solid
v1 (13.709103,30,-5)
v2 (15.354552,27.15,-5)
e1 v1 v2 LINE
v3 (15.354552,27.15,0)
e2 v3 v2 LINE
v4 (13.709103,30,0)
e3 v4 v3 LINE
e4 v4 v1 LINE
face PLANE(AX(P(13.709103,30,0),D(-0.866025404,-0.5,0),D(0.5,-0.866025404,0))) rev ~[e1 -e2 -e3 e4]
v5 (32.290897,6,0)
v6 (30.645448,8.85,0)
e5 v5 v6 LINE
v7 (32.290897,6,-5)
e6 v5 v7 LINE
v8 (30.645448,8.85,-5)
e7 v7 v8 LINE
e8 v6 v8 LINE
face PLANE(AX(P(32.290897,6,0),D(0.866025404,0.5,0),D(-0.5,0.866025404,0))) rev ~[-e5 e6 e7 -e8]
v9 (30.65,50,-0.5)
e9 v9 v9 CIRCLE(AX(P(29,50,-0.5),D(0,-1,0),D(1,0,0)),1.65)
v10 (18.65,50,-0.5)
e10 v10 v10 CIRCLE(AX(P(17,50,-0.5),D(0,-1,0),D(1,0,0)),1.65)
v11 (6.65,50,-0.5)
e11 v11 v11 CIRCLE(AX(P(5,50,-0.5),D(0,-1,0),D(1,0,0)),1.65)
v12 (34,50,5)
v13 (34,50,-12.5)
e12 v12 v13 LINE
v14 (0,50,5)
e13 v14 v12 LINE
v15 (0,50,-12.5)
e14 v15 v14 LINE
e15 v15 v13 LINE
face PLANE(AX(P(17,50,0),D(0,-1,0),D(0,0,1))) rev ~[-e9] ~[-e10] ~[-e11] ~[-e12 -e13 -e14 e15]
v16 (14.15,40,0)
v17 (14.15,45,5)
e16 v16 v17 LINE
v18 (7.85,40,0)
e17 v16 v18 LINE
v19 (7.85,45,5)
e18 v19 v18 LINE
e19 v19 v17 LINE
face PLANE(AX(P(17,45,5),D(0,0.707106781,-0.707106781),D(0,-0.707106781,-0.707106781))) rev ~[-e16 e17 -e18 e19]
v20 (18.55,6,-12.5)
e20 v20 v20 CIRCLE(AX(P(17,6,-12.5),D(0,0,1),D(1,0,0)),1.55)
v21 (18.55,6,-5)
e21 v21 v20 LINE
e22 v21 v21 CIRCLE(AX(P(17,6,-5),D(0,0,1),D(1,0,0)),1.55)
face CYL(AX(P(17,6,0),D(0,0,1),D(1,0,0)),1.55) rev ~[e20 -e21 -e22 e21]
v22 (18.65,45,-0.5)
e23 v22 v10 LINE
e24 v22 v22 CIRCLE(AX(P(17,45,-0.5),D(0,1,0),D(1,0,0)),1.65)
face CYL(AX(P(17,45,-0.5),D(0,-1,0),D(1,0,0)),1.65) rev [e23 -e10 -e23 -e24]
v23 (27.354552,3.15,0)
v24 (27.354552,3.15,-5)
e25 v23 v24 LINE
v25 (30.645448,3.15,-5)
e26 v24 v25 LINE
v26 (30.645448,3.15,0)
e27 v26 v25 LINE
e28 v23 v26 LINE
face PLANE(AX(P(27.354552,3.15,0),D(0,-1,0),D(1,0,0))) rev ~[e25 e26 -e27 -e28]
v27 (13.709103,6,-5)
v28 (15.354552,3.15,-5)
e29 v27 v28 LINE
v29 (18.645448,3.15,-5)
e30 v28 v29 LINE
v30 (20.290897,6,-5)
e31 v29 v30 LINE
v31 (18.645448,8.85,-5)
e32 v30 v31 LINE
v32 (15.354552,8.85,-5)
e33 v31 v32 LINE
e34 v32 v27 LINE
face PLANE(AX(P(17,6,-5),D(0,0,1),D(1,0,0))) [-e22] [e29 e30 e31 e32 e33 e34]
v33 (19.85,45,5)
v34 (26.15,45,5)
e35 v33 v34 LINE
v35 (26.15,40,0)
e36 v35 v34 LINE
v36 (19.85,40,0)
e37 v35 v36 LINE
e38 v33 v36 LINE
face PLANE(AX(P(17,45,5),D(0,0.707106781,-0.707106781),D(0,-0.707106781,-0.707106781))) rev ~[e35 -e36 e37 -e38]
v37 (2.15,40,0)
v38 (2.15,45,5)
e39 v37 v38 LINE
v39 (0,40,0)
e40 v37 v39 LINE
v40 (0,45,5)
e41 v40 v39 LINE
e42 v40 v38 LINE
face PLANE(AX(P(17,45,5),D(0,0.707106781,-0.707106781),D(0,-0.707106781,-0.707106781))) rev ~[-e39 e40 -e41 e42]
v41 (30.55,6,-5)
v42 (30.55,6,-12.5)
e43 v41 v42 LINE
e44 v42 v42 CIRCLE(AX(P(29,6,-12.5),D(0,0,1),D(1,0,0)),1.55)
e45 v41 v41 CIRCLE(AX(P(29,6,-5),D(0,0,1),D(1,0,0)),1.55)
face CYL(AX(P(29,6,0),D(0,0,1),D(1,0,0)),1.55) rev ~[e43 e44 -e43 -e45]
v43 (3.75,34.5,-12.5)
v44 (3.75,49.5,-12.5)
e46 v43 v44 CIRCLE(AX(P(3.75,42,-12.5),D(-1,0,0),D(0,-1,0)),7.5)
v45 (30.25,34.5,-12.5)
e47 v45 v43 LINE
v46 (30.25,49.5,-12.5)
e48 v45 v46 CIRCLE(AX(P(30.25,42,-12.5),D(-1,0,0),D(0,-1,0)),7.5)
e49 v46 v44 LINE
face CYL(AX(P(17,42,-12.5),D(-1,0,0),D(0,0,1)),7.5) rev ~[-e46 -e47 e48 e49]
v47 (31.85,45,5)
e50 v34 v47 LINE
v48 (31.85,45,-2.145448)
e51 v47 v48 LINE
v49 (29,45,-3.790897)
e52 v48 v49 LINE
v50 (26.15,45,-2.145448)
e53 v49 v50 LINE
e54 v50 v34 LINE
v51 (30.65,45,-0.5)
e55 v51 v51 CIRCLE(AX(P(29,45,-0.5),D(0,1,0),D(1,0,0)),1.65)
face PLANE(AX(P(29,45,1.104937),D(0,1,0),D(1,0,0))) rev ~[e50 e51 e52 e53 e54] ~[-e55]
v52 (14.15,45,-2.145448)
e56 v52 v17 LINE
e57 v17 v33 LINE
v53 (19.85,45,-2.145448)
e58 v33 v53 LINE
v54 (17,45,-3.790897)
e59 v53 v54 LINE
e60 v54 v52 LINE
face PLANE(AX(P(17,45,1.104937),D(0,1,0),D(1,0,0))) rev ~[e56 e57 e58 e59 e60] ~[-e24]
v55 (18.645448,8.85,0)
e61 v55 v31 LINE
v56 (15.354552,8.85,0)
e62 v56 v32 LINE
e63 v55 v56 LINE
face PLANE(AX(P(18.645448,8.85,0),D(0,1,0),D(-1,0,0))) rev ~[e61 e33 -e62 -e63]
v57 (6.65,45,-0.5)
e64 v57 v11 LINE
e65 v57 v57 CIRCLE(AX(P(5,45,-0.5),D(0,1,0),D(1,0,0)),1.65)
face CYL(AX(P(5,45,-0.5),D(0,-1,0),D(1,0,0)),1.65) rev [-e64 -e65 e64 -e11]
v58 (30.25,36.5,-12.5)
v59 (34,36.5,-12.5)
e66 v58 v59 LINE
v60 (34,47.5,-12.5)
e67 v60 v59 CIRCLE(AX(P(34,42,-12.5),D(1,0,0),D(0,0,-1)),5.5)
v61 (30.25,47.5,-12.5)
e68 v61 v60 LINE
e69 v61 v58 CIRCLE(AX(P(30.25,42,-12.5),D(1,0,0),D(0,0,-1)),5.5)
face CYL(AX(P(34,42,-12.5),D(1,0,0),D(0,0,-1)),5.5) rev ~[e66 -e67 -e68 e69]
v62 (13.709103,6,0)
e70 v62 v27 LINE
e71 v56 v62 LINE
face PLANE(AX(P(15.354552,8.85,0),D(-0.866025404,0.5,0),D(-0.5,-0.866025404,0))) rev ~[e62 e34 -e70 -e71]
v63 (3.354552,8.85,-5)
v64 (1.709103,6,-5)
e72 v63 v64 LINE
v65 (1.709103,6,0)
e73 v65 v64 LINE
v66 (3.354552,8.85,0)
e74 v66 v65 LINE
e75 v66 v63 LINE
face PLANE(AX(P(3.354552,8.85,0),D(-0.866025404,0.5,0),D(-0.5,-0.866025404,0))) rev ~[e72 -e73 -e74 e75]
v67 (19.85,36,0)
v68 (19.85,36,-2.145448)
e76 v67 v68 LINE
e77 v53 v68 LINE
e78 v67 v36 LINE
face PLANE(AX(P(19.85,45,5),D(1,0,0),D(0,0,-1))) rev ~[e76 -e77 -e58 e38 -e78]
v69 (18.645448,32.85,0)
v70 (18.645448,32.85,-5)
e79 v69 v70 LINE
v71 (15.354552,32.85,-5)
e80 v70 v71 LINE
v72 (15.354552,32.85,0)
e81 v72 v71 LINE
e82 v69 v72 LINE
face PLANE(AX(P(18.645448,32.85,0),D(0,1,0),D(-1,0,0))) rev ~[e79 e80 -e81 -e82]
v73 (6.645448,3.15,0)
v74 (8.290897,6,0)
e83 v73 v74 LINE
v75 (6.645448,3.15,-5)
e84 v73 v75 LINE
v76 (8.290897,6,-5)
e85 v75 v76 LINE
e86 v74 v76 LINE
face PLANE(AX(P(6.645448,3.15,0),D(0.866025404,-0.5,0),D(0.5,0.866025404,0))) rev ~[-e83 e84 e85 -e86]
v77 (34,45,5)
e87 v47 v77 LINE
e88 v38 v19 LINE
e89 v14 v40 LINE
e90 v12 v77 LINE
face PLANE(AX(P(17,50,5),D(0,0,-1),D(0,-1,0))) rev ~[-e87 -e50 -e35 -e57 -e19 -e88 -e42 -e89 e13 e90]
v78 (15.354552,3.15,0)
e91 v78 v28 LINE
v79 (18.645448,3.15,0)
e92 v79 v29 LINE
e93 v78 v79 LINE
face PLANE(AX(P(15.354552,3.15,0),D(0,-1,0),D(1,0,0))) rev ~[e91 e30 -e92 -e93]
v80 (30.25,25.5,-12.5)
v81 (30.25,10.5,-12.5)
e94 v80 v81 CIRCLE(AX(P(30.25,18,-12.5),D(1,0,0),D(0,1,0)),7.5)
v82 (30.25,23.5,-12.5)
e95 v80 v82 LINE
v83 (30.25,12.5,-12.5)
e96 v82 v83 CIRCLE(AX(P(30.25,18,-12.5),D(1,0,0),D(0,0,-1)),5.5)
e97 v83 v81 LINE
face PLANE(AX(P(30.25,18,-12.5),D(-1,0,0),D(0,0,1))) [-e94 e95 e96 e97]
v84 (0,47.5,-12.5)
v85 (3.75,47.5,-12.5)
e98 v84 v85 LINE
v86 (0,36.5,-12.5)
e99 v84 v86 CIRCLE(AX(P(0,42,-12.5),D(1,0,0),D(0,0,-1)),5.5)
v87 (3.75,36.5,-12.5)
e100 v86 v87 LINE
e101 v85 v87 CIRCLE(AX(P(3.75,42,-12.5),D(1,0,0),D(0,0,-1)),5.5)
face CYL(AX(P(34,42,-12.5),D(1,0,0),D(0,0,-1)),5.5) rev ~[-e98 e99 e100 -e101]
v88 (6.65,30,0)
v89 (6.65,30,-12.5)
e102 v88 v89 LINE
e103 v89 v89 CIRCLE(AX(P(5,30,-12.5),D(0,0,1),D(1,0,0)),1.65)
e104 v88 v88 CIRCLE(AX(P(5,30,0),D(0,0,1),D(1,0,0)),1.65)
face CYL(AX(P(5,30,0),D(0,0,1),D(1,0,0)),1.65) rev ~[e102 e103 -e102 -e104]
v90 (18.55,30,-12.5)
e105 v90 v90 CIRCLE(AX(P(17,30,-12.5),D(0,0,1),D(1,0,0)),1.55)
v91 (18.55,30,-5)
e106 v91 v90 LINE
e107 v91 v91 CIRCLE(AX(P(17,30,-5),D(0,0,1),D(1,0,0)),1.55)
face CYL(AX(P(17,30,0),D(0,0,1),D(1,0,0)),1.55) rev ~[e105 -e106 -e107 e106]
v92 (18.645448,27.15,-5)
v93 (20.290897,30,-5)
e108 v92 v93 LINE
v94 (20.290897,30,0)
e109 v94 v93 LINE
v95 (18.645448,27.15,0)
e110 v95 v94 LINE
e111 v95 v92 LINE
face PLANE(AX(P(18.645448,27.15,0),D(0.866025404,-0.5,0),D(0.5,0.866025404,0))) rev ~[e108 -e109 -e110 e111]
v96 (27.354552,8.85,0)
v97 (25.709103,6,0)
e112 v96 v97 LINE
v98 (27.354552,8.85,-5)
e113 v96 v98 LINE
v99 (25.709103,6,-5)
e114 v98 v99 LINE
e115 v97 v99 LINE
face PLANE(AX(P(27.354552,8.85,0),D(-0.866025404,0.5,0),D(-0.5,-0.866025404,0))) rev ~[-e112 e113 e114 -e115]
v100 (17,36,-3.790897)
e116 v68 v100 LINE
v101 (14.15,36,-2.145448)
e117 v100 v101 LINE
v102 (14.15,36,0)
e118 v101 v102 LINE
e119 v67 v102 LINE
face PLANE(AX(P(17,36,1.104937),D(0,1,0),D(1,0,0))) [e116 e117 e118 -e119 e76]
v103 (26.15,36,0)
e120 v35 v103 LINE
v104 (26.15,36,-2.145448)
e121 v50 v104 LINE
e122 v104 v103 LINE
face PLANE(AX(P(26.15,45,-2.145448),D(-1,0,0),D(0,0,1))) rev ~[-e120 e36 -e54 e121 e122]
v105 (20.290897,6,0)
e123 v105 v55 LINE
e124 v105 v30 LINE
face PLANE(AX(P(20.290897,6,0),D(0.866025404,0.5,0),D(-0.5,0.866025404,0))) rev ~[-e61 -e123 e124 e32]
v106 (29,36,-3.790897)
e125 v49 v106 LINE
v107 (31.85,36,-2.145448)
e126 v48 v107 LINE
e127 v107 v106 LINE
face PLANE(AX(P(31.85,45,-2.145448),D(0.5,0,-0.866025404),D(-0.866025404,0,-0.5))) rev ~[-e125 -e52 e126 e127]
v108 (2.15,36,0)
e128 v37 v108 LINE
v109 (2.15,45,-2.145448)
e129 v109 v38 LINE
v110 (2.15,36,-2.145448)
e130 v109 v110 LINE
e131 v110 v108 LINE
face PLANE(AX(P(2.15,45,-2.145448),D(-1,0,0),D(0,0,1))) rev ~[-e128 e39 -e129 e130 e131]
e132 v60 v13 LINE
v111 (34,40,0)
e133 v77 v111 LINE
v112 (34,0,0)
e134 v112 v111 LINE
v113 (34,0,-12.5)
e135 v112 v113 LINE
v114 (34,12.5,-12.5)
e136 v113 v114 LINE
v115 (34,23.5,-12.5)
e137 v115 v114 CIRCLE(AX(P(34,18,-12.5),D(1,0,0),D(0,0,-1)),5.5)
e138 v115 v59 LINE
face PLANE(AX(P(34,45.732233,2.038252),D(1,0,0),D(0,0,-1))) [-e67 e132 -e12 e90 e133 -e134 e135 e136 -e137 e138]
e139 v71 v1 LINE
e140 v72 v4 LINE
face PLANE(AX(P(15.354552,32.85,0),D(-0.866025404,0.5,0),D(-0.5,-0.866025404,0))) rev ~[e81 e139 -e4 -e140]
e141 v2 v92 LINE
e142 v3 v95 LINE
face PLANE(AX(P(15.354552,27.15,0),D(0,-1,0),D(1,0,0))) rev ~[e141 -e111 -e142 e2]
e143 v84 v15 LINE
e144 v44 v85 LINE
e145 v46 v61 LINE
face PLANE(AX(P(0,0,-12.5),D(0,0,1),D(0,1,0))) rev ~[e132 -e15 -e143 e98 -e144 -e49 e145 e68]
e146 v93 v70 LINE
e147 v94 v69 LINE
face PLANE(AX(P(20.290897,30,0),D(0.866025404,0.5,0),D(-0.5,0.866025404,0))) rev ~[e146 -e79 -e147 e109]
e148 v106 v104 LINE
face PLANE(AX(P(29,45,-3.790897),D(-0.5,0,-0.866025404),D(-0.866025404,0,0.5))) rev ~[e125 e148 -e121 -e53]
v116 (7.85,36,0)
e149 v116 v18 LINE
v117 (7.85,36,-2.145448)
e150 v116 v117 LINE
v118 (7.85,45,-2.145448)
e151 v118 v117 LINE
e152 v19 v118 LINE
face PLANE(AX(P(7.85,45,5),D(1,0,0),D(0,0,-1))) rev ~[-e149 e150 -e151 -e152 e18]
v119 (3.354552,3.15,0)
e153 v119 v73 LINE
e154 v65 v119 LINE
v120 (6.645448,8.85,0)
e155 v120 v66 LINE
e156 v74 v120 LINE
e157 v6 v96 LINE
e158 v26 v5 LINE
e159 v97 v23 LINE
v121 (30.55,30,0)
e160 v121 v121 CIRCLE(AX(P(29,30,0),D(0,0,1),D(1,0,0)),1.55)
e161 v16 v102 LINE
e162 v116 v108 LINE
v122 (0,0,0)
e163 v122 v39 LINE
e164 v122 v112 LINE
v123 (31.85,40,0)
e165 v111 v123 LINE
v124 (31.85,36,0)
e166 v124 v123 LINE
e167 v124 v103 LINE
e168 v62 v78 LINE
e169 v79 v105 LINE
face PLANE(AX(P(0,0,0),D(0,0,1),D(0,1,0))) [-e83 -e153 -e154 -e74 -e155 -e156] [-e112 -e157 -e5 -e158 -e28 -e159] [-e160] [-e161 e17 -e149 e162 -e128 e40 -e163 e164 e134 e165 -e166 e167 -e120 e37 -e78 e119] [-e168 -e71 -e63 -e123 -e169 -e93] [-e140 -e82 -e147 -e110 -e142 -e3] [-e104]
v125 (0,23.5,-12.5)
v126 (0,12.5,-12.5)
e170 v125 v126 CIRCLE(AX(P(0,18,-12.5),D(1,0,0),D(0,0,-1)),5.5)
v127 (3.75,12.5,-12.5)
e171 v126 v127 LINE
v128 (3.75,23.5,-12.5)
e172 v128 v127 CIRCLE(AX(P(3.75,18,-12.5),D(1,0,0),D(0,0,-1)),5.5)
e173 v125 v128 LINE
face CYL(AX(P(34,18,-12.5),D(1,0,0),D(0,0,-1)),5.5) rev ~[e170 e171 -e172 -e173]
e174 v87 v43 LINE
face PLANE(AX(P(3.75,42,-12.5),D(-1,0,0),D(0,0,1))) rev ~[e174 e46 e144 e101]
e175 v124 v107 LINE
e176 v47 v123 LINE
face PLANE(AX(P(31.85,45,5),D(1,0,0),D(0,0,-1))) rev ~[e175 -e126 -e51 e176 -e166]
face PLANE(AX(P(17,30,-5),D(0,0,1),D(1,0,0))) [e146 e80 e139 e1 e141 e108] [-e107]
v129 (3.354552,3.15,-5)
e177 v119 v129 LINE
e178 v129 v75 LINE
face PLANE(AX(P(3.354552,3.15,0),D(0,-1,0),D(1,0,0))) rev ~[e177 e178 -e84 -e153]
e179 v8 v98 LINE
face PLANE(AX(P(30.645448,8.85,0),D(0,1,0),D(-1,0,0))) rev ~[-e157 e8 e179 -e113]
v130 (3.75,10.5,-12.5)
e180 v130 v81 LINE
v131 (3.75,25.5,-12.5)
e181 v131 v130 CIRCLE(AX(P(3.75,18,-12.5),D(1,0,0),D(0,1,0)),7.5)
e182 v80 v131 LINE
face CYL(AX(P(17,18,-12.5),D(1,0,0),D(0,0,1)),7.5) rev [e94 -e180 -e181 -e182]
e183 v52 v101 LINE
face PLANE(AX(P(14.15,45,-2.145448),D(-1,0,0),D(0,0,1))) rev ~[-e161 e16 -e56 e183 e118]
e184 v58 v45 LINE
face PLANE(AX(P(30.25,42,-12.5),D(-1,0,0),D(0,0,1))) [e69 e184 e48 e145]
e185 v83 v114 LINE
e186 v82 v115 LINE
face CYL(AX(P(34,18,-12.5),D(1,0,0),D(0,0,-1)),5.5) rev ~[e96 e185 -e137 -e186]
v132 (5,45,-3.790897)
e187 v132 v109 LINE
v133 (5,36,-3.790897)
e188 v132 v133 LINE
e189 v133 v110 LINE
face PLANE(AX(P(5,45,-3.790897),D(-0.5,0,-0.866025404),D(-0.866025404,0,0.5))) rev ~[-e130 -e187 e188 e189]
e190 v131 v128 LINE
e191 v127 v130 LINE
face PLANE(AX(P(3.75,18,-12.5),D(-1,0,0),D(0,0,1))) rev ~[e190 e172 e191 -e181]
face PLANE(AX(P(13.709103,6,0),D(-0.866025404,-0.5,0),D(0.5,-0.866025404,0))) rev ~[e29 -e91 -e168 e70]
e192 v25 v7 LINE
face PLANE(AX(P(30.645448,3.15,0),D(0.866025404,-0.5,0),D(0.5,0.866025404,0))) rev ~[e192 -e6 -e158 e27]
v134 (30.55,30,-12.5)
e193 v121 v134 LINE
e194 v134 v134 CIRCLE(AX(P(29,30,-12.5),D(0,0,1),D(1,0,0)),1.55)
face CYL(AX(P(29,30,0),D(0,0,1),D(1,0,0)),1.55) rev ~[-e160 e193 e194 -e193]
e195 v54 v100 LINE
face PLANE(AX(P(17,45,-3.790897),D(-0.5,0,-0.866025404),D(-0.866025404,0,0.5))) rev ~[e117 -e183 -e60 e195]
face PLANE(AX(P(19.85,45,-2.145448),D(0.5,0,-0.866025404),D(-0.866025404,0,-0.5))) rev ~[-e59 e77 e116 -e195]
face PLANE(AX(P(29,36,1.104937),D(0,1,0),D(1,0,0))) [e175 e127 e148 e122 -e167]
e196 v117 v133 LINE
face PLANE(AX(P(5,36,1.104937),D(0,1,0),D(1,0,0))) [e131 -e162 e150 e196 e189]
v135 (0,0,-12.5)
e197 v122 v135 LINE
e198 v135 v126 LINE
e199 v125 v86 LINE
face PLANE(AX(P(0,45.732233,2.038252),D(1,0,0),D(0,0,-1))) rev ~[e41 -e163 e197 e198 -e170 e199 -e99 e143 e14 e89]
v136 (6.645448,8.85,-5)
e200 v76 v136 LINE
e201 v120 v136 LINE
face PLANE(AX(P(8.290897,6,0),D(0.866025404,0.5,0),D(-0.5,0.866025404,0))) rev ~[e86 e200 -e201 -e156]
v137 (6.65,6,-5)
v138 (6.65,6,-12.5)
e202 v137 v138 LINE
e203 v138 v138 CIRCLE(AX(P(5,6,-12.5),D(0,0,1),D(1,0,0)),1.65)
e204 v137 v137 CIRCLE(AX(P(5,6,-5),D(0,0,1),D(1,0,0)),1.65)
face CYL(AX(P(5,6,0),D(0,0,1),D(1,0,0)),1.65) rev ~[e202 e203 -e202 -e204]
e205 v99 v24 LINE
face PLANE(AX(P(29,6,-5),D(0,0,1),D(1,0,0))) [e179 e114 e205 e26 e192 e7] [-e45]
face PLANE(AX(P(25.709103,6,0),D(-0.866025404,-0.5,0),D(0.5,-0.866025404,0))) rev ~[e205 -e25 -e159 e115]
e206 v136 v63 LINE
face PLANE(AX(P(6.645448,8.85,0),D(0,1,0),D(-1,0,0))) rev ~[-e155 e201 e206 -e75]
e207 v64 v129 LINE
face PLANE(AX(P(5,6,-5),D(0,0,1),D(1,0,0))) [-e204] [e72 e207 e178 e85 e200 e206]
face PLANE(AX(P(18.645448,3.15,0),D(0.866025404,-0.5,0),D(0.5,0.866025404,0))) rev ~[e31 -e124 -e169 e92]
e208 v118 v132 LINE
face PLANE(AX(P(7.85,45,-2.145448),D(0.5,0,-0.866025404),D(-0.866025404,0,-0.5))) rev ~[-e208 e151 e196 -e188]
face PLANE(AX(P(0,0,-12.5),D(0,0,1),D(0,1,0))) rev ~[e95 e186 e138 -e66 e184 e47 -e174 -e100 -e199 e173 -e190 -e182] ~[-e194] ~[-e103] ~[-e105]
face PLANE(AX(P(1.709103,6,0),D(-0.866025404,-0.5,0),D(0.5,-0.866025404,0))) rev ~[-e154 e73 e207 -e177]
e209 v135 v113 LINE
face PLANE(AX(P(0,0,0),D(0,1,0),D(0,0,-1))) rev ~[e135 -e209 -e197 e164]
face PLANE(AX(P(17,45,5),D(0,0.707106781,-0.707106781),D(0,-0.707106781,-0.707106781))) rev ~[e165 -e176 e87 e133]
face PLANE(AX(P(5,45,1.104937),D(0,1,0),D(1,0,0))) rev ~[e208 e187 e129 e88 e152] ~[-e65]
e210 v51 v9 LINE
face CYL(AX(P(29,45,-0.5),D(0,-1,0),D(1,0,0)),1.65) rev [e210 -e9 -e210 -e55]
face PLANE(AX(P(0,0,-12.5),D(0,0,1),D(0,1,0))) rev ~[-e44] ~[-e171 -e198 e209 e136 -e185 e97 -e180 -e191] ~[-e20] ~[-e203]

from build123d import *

# Parameters (mm, degrees)
SKETCH_1_W          = 12.5
SKETCH_1_H          = 50
EXTRUDE_1_DEPTH     = 34
SKETCH_2_R          = 7.5
CUT_EXTRUDE_1_DEPTH = 13.25
SKETCH_3_R          = 1.55
SKETCH_3_R_2        = 1.65
CUT_EXTRUDE_2_DEPTH = 13.5
CUT_EXTRUDE_3_DEPTH = 5
SKETCH_5_R          = 5.5
CUT_EXTRUDE_4_DEPTH = 35
EXTRUDE_2_DEPTH     = 17
SKETCH_7_R          = 1.65
CUT_EXTRUDE_5_DEPTH = 6
CUT_EXTRUDE_6_DEPTH = 9


with BuildPart() as part:
    # 草图1 → 凸台-拉伸1 (new body)
    with BuildSketch(Plane(origin=(0, 0, 0), x_dir=(0, 0, -1), z_dir=(1, 0, 0))):
        with Locations((6.25, 25)):
            Rectangle(SKETCH_1_W, SKETCH_1_H)
    extrude(amount=EXTRUDE_1_DEPTH)

    # 草图2 → 切除-拉伸1 (cut, symmetric)
    with BuildSketch(Plane.ZY.offset(-17)):
        with Locations((-12.5, 18)):
            Circle(SKETCH_2_R)
        with Locations((-12.5, 42)):
            Circle(SKETCH_2_R)
    extrude(amount=CUT_EXTRUDE_1_DEPTH, both=True, mode=Mode.SUBTRACT)

    # 草图3 → 切除-拉伸2 (cut, through all)
    with BuildSketch(Plane.XY):
        with Locations((29, 30)):
            Circle(SKETCH_3_R)
        with Locations((5, 30)):
            Circle(SKETCH_3_R_2)
        with Locations((17, 30)):
            Circle(SKETCH_3_R)
        with Locations((5, 6)):
            Circle(SKETCH_3_R_2)
        with Locations((17, 6)):
            Circle(SKETCH_3_R)
        with Locations((29, 6)):
            Circle(SKETCH_3_R)
    extrude(amount=-CUT_EXTRUDE_2_DEPTH, mode=Mode.SUBTRACT)

    # 草图4 → 切除-拉伸3 (cut)
    with BuildSketch(Plane.XY):
        Polygon((18.645448267, 27.15), (20.290896534, 30), (18.645448267, 32.85), (15.354551733, 32.85), (13.709103466, 30), (15.354551733, 27.15), align=None)
        Polygon((18.645448267, 3.15), (20.290896534, 6), (18.645448267, 8.85), (15.354551733, 8.85), (13.709103466, 6), (15.354551733, 3.15), align=None)
        Polygon((30.645448267, 3.15), (32.290896534, 6), (30.645448267, 8.85), (27.354551733, 8.85), (25.709103466, 6), (27.354551733, 3.15), align=None)
        Polygon((6.645448267, 3.15), (8.290896534, 6), (6.645448267, 8.85), (3.354551733, 8.85), (1.709103466, 6), (3.354551733, 3.15), align=None)
    extrude(amount=-CUT_EXTRUDE_3_DEPTH, mode=Mode.SUBTRACT)

    # 草图5 → 切除-拉伸4 (cut, through all)
    with BuildSketch(Plane(origin=(34, 0, 0), x_dir=(0, 0, -1), z_dir=(1, 0, 0))):
        with Locations((12.5, 18)):
            Circle(SKETCH_5_R)
        with Locations((12.5, 42)):
            Circle(SKETCH_5_R)
    extrude(amount=-CUT_EXTRUDE_4_DEPTH, mode=Mode.SUBTRACT)

    # 草图6 → 凸台-拉伸2 (add, symmetric)
    with BuildSketch(Plane.ZY.offset(-17)):
        Polygon((0, 50), (5, 50), (5, 45), (0, 40), align=None)
    extrude(amount=EXTRUDE_2_DEPTH, both=True)

    # 草图7 → 切除-拉伸5 (cut, through all)
    with BuildSketch(Plane(origin=(0, 45, 0), x_dir=(1, 0, 0), z_dir=(0, 1, 0))):
        with Locations((5, 0.5)):
            Circle(SKETCH_7_R)
        with Locations((17, 0.5)):
            Circle(SKETCH_7_R)
        with Locations((29, 0.5)):
            Circle(SKETCH_7_R)
    extrude(amount=CUT_EXTRUDE_5_DEPTH, mode=Mode.SUBTRACT)

    # 草图8 → 切除-拉伸6 (cut)
    with BuildSketch(Plane(origin=(0, 45, 0), x_dir=(1, 0, 0), z_dir=(0, 1, 0))):
        Polygon((7.85, -0.590838694), (7.85, 2.145448267), (5, 3.790896534), (2.15, 2.145448267), (2.15, -0.481963635), (2.15, -5), (7.85, -5), align=None)
        Polygon((19.85, -0.590838694), (19.85, 2.145448267), (17, 3.790896534), (14.15, 2.145448267), (14.15, -0.481963635), (14.15, -5), (19.85, -5), align=None)
        Polygon((31.85, -0.590838694), (31.85, 2.145448267), (29, 3.790896534), (26.15, 2.145448267), (26.15, -0.481963635), (26.15, -5), (31.85, -5), align=None)
    extrude(amount=-CUT_EXTRUDE_6_DEPTH, mode=Mode.SUBTRACT)


solid = part.part
